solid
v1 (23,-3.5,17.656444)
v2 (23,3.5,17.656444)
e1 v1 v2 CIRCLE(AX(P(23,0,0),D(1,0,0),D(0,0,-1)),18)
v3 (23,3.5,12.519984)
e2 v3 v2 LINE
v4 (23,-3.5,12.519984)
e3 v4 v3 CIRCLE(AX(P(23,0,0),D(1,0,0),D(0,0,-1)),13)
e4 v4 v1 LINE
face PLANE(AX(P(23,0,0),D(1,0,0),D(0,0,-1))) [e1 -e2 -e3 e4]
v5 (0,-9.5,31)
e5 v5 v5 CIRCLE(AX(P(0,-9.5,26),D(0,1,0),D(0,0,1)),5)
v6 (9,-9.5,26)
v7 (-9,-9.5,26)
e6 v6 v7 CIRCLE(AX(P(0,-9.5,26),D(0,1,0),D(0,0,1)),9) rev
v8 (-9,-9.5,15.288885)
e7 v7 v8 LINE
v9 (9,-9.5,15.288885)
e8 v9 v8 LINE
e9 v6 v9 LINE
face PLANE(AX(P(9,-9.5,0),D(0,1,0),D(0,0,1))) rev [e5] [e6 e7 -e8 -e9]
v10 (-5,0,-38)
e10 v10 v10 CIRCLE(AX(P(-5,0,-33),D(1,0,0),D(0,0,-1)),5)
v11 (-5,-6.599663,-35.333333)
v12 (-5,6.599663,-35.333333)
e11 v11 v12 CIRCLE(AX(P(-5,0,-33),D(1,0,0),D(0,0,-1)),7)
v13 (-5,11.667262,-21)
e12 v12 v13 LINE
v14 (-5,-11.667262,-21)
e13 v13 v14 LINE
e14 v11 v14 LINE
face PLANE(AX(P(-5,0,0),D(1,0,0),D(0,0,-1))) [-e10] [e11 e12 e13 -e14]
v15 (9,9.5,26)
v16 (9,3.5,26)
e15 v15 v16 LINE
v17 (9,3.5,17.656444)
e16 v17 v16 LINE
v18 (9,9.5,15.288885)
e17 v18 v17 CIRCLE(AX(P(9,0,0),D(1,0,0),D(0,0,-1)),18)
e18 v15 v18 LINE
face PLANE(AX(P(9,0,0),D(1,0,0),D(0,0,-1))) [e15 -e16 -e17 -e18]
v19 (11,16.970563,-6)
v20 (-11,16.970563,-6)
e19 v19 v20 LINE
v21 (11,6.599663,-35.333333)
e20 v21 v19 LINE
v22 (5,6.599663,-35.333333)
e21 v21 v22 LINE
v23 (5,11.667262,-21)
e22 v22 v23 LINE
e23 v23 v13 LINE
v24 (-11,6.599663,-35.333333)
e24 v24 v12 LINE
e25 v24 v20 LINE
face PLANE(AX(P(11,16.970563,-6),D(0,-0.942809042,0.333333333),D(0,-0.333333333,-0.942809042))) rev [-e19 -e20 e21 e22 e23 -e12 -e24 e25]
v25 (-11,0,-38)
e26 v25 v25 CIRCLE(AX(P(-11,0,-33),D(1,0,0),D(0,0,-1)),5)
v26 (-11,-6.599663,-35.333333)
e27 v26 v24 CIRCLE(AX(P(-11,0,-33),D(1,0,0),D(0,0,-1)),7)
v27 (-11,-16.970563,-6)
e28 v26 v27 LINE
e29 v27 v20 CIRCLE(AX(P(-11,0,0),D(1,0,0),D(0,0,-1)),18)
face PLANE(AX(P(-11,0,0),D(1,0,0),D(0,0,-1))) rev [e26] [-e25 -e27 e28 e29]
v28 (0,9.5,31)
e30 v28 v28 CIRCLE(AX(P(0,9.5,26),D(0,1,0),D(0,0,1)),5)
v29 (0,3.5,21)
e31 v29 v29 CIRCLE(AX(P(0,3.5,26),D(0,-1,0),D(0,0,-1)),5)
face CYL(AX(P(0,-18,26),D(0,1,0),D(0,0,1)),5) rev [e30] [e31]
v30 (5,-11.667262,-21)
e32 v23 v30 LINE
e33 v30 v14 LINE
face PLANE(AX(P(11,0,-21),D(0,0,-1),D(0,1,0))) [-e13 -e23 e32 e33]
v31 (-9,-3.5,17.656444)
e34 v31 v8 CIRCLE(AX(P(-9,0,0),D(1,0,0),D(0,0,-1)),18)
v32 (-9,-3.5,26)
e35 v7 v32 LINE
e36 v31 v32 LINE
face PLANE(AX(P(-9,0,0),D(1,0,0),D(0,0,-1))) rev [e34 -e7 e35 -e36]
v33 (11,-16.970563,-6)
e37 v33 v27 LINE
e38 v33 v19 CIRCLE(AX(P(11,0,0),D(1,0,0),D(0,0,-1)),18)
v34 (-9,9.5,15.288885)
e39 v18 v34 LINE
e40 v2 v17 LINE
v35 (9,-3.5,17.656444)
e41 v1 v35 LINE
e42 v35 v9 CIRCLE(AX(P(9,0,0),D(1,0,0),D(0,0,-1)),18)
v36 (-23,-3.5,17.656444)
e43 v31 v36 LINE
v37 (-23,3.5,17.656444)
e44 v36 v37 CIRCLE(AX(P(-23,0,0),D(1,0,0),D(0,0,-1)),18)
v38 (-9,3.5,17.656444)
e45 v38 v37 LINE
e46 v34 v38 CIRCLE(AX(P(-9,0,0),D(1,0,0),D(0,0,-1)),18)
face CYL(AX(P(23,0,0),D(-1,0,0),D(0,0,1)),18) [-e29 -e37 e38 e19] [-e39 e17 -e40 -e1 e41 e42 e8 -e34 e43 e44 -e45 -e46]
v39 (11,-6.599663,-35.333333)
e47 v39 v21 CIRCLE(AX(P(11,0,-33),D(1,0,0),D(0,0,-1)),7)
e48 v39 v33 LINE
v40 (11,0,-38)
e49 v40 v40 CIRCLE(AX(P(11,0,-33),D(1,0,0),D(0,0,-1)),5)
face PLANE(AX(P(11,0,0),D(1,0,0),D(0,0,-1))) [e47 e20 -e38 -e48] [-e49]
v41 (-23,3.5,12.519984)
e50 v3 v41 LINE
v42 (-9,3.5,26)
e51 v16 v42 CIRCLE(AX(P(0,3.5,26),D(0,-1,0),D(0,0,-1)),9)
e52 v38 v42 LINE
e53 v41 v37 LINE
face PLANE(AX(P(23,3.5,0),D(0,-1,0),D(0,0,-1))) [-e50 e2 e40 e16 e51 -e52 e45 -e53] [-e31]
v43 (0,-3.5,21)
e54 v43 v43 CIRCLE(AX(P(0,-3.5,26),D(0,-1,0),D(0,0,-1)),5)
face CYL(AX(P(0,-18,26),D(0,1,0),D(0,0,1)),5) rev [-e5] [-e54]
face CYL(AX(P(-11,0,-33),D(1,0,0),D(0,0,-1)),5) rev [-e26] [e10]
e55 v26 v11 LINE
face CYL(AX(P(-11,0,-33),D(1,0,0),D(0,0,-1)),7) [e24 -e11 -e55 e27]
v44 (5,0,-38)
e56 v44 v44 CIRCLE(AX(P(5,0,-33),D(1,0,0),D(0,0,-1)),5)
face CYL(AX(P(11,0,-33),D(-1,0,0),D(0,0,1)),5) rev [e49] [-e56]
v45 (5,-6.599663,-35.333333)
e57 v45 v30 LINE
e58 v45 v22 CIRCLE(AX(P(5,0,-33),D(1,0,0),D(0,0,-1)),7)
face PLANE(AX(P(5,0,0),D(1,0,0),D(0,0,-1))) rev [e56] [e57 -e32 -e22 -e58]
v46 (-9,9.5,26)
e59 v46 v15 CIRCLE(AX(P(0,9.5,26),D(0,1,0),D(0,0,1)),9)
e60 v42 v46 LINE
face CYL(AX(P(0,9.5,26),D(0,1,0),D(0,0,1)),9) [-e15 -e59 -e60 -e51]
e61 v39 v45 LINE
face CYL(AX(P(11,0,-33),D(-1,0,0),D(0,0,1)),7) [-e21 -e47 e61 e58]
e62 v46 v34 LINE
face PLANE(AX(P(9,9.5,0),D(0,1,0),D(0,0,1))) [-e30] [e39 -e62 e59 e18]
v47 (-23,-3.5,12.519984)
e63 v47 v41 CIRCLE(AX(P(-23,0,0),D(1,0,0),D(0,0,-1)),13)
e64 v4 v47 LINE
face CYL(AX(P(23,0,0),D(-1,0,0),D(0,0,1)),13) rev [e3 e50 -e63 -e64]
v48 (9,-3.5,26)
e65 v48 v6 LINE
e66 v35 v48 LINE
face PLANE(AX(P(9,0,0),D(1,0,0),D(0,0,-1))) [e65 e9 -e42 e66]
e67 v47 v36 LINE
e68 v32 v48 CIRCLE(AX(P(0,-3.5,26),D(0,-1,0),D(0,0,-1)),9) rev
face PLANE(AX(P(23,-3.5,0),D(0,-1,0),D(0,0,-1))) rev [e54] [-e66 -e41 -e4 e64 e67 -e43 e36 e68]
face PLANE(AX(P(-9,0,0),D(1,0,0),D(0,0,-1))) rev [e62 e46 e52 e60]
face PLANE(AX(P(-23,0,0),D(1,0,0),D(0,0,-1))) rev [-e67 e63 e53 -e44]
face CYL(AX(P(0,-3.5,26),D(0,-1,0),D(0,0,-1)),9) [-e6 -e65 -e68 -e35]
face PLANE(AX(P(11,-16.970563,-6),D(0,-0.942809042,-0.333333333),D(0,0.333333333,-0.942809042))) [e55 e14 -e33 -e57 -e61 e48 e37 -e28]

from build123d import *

# Parameters (mm, degrees)
BOSS_EXTRUDE1_DEPTH     = 23
BOSS_EXTRUDE3_DEPTH     = 11
BOSS_EXTRUDE4_START     = 5
SKETCH1_5_R             = 7
SKETCH1_5_R_2           = 5
BOSS_EXTRUDE4_DEPTH     = 6
BOSS_EXTRUDE5_START     = -11
SKETCH1_6_R             = 7
SKETCH1_6_R_2           = 5
BOSS_EXTRUDE5_DEPTH     = 6
BOSS_EXTRUDE6_DEPTH     = 9
FILLET5_RADIUS          = 9
FILLET5_LENGTH          = 6
FILLET6_RADIUS          = 9
FILLET6_LENGTH          = 6
CUT_EXTRUDE1_DEPTH      = 54.714523176
CUT_EXTRUDE1_DEPTH_BACK = 54.714523176
SKETCH3_R               = 5


with BuildPart() as part:
    # Sketch1 → Boss-Extrude1 (new, symmetric)
    with BuildSketch(Plane(origin=(0, 0, 0), x_dir=(0, 0, -1), z_dir=(1, 0, 0))):
        with BuildLine():
            Line((-17.656443583, 3.5), (-12.519984026, 3.5))
            ThreePointArc((-12.519984026, 3.5), (1.766381565, 12.879436951), (13, 0))
            ThreePointArc((13, 0), (1.766381565, -12.879436951), (-12.519984026, -3.5))
            Line((-12.519984026, -3.5), (-17.656443583, -3.5))
            ThreePointArc((-17.656443583, -3.5), (-16.743615691, -6.606915588), (-15.288884851, -9.5))
            ThreePointArc((-15.288884851, -9.5), (-5.96013191, -16.984605607), (6, -16.970562748))
            ThreePointArc((6, -16.970562748), (14.696938457, -10.392304845), (18, 0))
            ThreePointArc((18, 0), (14.696938457, 10.392304845), (6, 16.970562748))
            ThreePointArc((6, 16.970562748), (-5.96013191, 16.984605607), (-15.288884851, 9.5))
            ThreePointArc((-15.288884851, 9.5), (-16.743615691, 6.606915588), (-17.656443583, 3.5))
        make_face()
    extrude(amount=BOSS_EXTRUDE1_DEPTH, both=True)

    # Sketch1<4> → Boss-Extrude3 (add, symmetric)
    with BuildSketch(Plane(origin=(0, 0, 0), x_dir=(0, 0, -1), z_dir=(1, 0, 0))):
        with BuildLine():
            Line((21, 11.66726189), (6, 16.970562748))
            ThreePointArc((6, 16.970562748), (14.696938457, 10.392304845), (18, 0))
            ThreePointArc((18, 0), (14.696938457, -10.392304845), (6, -16.970562748))
            Line((6, -16.970562748), (21, -11.66726189))
            Line((21, -11.66726189), (21, 11.66726189))
        make_face()
    extrude(amount=BOSS_EXTRUDE3_DEPTH, both=True)

    # Sketch1<5> → Boss-Extrude4 (add)
    # profile 1 of 2: a face of its own
    with BuildSketch(Plane(origin=(0, 0, 0), x_dir=(0, 0, -1), z_dir=(1, 0, 0)).offset(BOSS_EXTRUDE4_START)):
        with BuildLine():
            Line((35.333333333, 6.599663291), (21, 11.66726189))
            Line((21, 11.66726189), (21, -11.66726189))
            Line((21, -11.66726189), (35.333333333, -6.599663291))
            ThreePointArc((35.333333333, -6.599663291), (26, 0), (35.333333333, 6.599663291))
        make_face()
    # profile 2 of 2: a face of its own
    with BuildSketch(Plane(origin=(0, 0, 0), x_dir=(0, 0, -1), z_dir=(1, 0, 0)).offset(BOSS_EXTRUDE4_START)):
        with Locations((33, 0)):
            Circle(SKETCH1_5_R)
        with Locations((33, 0)):
            Circle(SKETCH1_5_R_2, mode=Mode.SUBTRACT)
    extrude(amount=BOSS_EXTRUDE4_DEPTH)

    # Sketch1<6> → Boss-Extrude5 (add)
    # profile 1 of 2: a face of its own
    with BuildSketch(Plane(origin=(0, 0, 0), x_dir=(0, 0, -1), z_dir=(1, 0, 0)).offset(BOSS_EXTRUDE5_START)):
        with BuildLine():
            Line((35.333333333, 6.599663291), (21, 11.66726189))
            Line((21, 11.66726189), (21, -11.66726189))
            Line((21, -11.66726189), (35.333333333, -6.599663291))
            ThreePointArc((35.333333333, -6.599663291), (26, 0), (35.333333333, 6.599663291))
        make_face()
    # profile 2 of 2: a face of its own
    with BuildSketch(Plane(origin=(0, 0, 0), x_dir=(0, 0, -1), z_dir=(1, 0, 0)).offset(BOSS_EXTRUDE5_START)):
        with Locations((33, 0)):
            Circle(SKETCH1_6_R)
        with Locations((33, 0)):
            Circle(SKETCH1_6_R_2, mode=Mode.SUBTRACT)
    extrude(amount=BOSS_EXTRUDE5_DEPTH)

    # Sketch1<8> → Boss-Extrude6 (add, symmetric)
    with BuildSketch(Plane(origin=(0, 0, 0), x_dir=(0, 0, -1), z_dir=(1, 0, 0))):
        with BuildLine():
            Line((-35, 3.5), (-17.656443583, 3.5))
            ThreePointArc((-17.656443583, 3.5), (-16.743615691, 6.606915588), (-15.288884851, 9.5))
            Line((-15.288884851, 9.5), (-35, 9.5))
            Line((-35, 9.5), (-35, 3.5))
        make_face()
        with BuildLine():
            ThreePointArc((-15.288884851, -9.5), (-16.743615691, -6.606915588), (-17.656443583, -3.5))
            Line((-17.656443583, -3.5), (-35, -3.5))
            Line((-35, -3.5), (-35, -9.5))
            Line((-35, -9.5), (-15.288884851, -9.5))
        make_face()
    extrude(amount=BOSS_EXTRUDE6_DEPTH, both=True)

    # Fillet5: full round fillet: the end face becomes a half cylinder, R = half its width
    fillet5_face = Plane((0, 6.5, 35), x_dir=(0, 1, 0), z_dir=(0, 0, 1))  # on the end face: x along it, z out of the body
    fillet5_slab = fillet5_face.offset(-FILLET5_RADIUS / 2) * Box(FILLET5_LENGTH, 2 * FILLET5_RADIUS, FILLET5_RADIUS, mode=Mode.PRIVATE)  # the body's end, R deep
    fillet5_round = Plane((0, 6.5, 26), x_dir=(0, 0, 1), z_dir=(0, 1, 0)) * Cylinder(FILLET5_RADIUS, FILLET5_LENGTH, mode=Mode.PRIVATE)  # its axis R under the face
    add(fillet5_slab - fillet5_round, mode=Mode.SUBTRACT)

    # Fillet6: full round fillet: the end face becomes a half cylinder, R = half its width
    fillet6_face = Plane((0, -6.5, 35), x_dir=(0, -1, 0), z_dir=(0, 0, 1))  # on the end face: x along it, z out of the body
    fillet6_slab = fillet6_face.offset(-FILLET6_RADIUS / 2) * Box(FILLET6_LENGTH, 2 * FILLET6_RADIUS, FILLET6_RADIUS, mode=Mode.PRIVATE)  # the body's end, R deep
    fillet6_round = Plane((0, -6.5, 26), x_dir=(0, 0, 1), z_dir=(0, -1, 0)) * Cylinder(FILLET6_RADIUS, FILLET6_LENGTH, mode=Mode.PRIVATE)  # its axis R under the face
    add(fillet6_slab - fillet6_round, mode=Mode.SUBTRACT)

    # Sketch3 → Cut-Extrude1 (cut, two sides: drawn at the far end of the back side and taken through both)
    with BuildSketch(Plane(origin=(0, 9.5, 0), x_dir=(1, 0, 0), z_dir=(0, 1, 0)).offset(-CUT_EXTRUDE1_DEPTH_BACK)):
        with Locations(Location((0, -26, 0), (0, 0, 270))):
            Circle(SKETCH3_R)
    extrude(amount=CUT_EXTRUDE1_DEPTH + CUT_EXTRUDE1_DEPTH_BACK, mode=Mode.SUBTRACT)


solid = part.part
